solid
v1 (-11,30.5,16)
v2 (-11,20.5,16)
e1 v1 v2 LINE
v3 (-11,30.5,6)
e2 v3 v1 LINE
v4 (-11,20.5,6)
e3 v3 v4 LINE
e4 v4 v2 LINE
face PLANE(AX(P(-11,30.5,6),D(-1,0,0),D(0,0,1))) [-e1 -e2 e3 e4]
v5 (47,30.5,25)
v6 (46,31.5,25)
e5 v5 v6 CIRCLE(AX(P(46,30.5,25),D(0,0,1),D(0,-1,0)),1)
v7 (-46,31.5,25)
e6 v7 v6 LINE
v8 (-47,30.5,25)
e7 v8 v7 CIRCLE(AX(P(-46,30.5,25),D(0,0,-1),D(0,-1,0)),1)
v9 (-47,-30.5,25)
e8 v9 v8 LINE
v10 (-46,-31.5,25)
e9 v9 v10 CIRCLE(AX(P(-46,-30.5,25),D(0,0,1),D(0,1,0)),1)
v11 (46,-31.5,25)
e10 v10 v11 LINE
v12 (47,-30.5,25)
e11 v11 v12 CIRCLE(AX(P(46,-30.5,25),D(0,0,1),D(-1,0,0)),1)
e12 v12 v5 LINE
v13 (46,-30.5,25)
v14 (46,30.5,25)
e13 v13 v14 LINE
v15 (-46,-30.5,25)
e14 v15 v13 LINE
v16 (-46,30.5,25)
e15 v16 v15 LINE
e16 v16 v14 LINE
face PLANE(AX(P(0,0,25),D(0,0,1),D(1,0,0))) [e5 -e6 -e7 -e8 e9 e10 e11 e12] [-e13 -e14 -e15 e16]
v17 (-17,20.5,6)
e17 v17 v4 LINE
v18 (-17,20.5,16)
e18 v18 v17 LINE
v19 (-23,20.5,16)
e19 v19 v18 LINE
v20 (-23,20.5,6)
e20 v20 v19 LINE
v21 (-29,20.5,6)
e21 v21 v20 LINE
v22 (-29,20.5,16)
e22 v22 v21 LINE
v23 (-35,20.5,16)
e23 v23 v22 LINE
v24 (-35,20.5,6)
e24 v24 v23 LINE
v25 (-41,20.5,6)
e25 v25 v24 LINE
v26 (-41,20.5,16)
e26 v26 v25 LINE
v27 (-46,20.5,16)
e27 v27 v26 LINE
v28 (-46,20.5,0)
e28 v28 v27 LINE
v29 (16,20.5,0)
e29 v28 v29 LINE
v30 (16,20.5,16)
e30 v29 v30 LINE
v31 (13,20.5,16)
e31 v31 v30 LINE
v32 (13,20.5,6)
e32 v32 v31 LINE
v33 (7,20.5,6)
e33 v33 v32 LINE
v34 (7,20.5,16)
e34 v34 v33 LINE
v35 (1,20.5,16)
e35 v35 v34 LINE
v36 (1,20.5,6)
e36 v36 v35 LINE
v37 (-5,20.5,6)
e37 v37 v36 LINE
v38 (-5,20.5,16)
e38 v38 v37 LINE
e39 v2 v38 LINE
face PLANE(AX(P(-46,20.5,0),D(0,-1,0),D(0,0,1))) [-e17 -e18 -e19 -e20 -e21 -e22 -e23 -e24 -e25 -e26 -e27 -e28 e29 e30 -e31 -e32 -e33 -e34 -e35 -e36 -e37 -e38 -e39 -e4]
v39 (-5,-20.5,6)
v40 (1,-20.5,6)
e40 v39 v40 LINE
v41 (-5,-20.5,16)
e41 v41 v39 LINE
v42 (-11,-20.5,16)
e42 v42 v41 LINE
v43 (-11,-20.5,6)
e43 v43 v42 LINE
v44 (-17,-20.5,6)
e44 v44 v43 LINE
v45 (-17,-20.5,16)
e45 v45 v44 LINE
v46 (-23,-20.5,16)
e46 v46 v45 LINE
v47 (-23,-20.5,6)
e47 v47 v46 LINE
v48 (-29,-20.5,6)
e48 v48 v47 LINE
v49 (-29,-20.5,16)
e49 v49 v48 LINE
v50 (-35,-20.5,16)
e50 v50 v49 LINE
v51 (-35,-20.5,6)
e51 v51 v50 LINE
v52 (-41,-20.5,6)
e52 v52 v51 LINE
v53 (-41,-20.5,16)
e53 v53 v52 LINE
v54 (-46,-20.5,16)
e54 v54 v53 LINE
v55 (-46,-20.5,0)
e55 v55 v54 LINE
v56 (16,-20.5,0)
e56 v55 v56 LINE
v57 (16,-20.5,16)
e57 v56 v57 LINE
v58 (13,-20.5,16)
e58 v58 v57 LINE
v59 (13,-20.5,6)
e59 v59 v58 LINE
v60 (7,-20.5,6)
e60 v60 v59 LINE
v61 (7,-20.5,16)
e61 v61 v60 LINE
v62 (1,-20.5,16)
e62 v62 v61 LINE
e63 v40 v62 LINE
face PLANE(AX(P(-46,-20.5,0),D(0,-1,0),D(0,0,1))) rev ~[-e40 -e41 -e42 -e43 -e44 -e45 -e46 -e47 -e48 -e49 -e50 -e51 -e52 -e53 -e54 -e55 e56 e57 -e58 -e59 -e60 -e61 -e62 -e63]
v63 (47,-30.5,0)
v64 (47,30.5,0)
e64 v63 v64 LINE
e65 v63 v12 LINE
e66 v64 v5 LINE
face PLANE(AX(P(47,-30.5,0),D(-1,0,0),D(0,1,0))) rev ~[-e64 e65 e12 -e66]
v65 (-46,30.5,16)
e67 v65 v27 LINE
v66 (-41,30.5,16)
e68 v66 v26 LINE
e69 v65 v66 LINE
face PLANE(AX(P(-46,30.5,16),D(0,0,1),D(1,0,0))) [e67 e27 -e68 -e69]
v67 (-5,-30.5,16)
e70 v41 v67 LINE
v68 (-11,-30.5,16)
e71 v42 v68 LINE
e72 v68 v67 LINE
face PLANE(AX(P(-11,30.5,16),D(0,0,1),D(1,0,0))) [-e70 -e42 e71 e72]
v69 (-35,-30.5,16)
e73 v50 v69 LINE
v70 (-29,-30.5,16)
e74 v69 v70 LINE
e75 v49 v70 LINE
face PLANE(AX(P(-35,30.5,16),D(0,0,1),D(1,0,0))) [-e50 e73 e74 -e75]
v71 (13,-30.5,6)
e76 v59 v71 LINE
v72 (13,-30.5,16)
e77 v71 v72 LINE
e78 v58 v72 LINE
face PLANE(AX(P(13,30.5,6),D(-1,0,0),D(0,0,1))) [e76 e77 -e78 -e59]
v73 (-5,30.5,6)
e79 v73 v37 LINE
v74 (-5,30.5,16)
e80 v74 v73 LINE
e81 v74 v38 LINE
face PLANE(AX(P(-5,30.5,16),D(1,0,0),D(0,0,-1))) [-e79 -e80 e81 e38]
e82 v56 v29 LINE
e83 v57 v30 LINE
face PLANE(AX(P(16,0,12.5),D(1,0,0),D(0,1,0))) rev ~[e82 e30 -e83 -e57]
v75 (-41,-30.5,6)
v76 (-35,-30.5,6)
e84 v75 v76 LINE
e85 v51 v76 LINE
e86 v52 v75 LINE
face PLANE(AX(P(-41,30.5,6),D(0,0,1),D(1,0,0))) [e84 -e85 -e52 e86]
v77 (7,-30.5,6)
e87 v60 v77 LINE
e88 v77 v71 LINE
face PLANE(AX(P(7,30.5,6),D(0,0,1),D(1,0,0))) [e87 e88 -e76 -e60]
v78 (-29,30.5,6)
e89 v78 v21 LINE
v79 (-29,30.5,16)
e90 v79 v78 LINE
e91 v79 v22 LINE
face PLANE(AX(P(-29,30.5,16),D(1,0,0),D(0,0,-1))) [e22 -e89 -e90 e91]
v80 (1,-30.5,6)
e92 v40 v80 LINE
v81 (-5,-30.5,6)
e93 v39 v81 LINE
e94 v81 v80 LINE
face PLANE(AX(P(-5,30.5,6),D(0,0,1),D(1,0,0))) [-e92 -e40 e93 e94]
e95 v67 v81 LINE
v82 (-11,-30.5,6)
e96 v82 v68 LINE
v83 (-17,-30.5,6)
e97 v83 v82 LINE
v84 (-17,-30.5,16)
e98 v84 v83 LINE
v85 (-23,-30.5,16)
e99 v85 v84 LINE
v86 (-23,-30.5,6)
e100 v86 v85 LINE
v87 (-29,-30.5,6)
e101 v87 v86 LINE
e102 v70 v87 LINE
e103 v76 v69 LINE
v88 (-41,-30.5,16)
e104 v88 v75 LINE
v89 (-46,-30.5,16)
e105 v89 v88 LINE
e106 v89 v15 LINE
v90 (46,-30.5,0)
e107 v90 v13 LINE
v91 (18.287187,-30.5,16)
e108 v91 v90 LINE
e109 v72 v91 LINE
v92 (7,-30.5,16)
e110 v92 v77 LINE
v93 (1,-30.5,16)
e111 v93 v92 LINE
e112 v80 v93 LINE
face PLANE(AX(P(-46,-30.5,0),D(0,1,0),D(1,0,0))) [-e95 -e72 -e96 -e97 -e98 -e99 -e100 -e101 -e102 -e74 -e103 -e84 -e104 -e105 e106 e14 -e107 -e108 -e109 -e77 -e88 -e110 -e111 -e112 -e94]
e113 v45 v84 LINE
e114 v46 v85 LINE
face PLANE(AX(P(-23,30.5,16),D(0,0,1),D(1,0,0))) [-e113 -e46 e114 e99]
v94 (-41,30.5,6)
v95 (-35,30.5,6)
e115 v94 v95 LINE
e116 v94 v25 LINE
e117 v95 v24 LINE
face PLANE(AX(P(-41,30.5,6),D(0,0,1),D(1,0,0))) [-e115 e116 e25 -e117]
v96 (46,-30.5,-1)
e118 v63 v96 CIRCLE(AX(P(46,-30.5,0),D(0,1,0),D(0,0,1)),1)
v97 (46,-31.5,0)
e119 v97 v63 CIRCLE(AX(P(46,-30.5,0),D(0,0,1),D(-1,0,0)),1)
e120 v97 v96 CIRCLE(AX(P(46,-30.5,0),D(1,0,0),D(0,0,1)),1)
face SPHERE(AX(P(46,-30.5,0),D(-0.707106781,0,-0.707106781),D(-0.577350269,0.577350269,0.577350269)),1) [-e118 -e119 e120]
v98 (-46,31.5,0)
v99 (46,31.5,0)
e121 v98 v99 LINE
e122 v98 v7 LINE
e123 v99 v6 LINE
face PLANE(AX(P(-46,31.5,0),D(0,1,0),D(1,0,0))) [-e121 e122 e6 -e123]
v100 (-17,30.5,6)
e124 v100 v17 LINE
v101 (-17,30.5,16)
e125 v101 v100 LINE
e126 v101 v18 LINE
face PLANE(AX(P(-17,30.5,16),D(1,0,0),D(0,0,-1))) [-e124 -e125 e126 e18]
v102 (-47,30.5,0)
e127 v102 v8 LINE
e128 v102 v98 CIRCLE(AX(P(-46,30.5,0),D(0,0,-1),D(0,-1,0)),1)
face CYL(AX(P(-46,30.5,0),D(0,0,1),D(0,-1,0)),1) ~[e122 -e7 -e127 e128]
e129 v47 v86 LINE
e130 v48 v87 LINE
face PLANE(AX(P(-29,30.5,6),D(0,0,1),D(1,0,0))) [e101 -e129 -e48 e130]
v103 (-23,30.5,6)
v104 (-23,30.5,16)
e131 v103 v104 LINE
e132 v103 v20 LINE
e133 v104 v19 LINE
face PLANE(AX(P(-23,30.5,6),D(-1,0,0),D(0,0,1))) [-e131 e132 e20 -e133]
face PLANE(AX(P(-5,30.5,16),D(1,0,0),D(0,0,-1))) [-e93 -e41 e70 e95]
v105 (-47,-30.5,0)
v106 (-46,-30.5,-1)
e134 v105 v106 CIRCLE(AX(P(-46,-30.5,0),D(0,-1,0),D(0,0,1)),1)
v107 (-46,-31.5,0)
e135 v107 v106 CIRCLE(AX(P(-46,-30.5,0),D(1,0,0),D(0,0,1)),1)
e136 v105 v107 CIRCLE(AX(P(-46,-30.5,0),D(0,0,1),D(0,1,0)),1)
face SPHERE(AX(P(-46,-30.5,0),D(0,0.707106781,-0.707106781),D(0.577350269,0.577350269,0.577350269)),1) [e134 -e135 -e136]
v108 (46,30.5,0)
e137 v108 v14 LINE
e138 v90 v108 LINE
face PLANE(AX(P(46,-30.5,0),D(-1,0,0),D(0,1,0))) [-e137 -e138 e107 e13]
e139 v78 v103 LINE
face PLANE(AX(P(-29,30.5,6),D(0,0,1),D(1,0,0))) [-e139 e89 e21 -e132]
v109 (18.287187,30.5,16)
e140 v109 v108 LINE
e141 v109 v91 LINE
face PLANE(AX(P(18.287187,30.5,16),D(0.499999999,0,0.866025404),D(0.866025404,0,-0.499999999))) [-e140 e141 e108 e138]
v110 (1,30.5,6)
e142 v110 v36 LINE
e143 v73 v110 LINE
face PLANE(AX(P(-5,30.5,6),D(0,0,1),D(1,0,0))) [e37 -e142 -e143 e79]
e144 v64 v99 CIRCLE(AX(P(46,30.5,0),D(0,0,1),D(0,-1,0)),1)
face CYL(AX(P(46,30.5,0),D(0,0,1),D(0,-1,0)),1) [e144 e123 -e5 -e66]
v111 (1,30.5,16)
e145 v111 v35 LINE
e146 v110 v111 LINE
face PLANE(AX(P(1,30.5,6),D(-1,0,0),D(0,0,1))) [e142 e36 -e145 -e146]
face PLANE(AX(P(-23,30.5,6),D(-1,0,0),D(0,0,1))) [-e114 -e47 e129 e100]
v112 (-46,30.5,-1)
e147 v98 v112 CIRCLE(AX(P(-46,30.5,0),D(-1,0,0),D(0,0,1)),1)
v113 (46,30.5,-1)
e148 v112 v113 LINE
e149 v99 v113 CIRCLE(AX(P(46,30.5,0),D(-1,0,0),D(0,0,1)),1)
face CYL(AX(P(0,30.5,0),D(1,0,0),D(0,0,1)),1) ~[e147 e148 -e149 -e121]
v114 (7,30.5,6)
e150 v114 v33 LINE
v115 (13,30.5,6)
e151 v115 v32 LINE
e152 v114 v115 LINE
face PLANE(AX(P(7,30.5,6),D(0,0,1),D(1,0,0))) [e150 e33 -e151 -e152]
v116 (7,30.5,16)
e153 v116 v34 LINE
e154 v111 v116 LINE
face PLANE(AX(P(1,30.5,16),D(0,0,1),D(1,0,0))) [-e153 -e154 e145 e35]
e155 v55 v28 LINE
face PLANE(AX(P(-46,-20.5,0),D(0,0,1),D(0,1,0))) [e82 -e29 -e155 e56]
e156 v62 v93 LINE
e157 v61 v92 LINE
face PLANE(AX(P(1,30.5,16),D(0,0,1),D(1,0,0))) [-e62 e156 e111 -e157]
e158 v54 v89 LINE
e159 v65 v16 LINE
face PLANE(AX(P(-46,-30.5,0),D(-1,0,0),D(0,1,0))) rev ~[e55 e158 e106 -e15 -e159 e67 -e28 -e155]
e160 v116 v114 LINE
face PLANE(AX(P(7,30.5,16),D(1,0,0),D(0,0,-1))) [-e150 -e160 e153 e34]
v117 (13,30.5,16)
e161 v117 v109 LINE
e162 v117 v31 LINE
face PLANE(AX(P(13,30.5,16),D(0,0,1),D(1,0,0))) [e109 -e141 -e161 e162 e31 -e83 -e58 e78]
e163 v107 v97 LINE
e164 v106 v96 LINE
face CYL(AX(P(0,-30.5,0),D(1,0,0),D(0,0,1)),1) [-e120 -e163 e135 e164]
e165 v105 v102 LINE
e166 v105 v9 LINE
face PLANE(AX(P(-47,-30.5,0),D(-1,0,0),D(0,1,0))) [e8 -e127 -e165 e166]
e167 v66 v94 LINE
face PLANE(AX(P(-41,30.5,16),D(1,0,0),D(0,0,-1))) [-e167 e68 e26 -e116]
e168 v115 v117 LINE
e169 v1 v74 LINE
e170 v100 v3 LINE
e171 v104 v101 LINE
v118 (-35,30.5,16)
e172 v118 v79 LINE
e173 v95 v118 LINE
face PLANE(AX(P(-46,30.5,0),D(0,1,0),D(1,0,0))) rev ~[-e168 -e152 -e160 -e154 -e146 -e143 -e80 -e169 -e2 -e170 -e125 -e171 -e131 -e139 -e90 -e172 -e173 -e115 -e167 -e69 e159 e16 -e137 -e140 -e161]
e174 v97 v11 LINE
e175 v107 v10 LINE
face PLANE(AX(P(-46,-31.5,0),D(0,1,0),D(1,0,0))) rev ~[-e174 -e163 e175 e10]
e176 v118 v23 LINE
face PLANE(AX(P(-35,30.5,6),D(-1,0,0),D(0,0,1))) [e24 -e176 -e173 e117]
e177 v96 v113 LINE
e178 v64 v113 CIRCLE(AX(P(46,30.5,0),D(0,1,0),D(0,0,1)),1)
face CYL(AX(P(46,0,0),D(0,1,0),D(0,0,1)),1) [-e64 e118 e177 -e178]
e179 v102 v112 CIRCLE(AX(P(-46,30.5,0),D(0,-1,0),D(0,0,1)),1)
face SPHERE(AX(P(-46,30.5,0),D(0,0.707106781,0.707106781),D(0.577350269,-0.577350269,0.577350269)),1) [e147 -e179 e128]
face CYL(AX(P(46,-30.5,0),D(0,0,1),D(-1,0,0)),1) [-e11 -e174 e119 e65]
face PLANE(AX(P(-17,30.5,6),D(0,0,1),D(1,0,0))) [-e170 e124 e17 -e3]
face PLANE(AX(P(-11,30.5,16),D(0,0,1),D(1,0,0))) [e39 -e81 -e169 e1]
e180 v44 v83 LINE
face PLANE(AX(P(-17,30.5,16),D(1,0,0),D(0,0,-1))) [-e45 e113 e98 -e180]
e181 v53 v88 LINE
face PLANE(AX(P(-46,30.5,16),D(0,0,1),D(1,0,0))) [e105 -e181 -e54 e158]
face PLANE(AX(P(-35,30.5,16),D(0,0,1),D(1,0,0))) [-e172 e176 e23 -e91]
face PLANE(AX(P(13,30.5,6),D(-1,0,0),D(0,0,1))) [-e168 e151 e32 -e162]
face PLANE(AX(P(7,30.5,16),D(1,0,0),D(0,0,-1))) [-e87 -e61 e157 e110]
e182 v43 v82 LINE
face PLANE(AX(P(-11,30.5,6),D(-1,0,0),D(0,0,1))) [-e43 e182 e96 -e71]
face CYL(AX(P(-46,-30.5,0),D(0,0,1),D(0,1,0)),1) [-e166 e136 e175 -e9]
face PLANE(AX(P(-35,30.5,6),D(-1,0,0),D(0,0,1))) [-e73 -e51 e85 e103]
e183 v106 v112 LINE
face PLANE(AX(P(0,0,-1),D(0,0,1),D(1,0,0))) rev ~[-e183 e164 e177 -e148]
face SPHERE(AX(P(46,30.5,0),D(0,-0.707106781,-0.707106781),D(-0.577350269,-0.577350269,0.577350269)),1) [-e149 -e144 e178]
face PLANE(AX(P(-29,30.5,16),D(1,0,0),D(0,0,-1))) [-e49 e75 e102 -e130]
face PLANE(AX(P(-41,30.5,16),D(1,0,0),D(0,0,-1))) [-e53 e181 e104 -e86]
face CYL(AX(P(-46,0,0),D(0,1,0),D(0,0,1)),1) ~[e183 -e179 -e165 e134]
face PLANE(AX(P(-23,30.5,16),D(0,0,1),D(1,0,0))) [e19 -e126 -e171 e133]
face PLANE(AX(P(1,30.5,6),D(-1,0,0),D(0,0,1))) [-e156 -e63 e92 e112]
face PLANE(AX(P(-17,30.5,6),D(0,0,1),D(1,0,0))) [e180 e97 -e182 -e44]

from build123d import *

# Parameters (mm, degrees)
SKETCH003_W     = 92
SKETCH003_H     = 61
PAD002_DEPTH    = 25
THICKNESS001_T  = 1
PAD003_DEPTH    = 61
SKETCH005_W     = 41
SKETCH005_H     = 25
POCKET001_DEPTH = 62


with BuildPart() as part:
    # Sketch003 → Pad002 (new body)
    with BuildSketch(Plane.XY):
        Rectangle(SKETCH003_W, SKETCH003_H)
    extrude(amount=PAD002_DEPTH)

    # Thickness001
    thickness001_openings = [part.faces().sort_by_distance(p)[0] for p in [
        (0, 0, 25),
    ]]
    offset(amount=THICKNESS001_T, openings=thickness001_openings)

    # Sketch004 (on DatumPlane) → Pad003 (join)
    with BuildSketch(Plane.XZ.offset(-30.5)):
        Polygon((46, 0), (-46, 0), (-46, 16), (-41, 16), (-41, 6), (-35, 6), (-35, 16), (-29, 16), (-29, 6), (-23, 6), (-23, 16), (-17, 16), (-17, 6), (-11, 6), (-11, 16), (-5, 16), (-5, 6), (1, 6), (1, 16), (7, 16), (7, 6), (13, 6), (13, 16), (18.287187, 16), align=None)
    extrude(amount=PAD003_DEPTH)

    # Sketch005 (on DatumPlane) → Pocket001 (cut)
    with BuildSketch(Plane.YZ.offset(-46)):
        with Locations((0, 12.5)):
            Rectangle(SKETCH005_W, SKETCH005_H)
    extrude(amount=POCKET001_DEPTH, mode=Mode.SUBTRACT)


solid = part.part
